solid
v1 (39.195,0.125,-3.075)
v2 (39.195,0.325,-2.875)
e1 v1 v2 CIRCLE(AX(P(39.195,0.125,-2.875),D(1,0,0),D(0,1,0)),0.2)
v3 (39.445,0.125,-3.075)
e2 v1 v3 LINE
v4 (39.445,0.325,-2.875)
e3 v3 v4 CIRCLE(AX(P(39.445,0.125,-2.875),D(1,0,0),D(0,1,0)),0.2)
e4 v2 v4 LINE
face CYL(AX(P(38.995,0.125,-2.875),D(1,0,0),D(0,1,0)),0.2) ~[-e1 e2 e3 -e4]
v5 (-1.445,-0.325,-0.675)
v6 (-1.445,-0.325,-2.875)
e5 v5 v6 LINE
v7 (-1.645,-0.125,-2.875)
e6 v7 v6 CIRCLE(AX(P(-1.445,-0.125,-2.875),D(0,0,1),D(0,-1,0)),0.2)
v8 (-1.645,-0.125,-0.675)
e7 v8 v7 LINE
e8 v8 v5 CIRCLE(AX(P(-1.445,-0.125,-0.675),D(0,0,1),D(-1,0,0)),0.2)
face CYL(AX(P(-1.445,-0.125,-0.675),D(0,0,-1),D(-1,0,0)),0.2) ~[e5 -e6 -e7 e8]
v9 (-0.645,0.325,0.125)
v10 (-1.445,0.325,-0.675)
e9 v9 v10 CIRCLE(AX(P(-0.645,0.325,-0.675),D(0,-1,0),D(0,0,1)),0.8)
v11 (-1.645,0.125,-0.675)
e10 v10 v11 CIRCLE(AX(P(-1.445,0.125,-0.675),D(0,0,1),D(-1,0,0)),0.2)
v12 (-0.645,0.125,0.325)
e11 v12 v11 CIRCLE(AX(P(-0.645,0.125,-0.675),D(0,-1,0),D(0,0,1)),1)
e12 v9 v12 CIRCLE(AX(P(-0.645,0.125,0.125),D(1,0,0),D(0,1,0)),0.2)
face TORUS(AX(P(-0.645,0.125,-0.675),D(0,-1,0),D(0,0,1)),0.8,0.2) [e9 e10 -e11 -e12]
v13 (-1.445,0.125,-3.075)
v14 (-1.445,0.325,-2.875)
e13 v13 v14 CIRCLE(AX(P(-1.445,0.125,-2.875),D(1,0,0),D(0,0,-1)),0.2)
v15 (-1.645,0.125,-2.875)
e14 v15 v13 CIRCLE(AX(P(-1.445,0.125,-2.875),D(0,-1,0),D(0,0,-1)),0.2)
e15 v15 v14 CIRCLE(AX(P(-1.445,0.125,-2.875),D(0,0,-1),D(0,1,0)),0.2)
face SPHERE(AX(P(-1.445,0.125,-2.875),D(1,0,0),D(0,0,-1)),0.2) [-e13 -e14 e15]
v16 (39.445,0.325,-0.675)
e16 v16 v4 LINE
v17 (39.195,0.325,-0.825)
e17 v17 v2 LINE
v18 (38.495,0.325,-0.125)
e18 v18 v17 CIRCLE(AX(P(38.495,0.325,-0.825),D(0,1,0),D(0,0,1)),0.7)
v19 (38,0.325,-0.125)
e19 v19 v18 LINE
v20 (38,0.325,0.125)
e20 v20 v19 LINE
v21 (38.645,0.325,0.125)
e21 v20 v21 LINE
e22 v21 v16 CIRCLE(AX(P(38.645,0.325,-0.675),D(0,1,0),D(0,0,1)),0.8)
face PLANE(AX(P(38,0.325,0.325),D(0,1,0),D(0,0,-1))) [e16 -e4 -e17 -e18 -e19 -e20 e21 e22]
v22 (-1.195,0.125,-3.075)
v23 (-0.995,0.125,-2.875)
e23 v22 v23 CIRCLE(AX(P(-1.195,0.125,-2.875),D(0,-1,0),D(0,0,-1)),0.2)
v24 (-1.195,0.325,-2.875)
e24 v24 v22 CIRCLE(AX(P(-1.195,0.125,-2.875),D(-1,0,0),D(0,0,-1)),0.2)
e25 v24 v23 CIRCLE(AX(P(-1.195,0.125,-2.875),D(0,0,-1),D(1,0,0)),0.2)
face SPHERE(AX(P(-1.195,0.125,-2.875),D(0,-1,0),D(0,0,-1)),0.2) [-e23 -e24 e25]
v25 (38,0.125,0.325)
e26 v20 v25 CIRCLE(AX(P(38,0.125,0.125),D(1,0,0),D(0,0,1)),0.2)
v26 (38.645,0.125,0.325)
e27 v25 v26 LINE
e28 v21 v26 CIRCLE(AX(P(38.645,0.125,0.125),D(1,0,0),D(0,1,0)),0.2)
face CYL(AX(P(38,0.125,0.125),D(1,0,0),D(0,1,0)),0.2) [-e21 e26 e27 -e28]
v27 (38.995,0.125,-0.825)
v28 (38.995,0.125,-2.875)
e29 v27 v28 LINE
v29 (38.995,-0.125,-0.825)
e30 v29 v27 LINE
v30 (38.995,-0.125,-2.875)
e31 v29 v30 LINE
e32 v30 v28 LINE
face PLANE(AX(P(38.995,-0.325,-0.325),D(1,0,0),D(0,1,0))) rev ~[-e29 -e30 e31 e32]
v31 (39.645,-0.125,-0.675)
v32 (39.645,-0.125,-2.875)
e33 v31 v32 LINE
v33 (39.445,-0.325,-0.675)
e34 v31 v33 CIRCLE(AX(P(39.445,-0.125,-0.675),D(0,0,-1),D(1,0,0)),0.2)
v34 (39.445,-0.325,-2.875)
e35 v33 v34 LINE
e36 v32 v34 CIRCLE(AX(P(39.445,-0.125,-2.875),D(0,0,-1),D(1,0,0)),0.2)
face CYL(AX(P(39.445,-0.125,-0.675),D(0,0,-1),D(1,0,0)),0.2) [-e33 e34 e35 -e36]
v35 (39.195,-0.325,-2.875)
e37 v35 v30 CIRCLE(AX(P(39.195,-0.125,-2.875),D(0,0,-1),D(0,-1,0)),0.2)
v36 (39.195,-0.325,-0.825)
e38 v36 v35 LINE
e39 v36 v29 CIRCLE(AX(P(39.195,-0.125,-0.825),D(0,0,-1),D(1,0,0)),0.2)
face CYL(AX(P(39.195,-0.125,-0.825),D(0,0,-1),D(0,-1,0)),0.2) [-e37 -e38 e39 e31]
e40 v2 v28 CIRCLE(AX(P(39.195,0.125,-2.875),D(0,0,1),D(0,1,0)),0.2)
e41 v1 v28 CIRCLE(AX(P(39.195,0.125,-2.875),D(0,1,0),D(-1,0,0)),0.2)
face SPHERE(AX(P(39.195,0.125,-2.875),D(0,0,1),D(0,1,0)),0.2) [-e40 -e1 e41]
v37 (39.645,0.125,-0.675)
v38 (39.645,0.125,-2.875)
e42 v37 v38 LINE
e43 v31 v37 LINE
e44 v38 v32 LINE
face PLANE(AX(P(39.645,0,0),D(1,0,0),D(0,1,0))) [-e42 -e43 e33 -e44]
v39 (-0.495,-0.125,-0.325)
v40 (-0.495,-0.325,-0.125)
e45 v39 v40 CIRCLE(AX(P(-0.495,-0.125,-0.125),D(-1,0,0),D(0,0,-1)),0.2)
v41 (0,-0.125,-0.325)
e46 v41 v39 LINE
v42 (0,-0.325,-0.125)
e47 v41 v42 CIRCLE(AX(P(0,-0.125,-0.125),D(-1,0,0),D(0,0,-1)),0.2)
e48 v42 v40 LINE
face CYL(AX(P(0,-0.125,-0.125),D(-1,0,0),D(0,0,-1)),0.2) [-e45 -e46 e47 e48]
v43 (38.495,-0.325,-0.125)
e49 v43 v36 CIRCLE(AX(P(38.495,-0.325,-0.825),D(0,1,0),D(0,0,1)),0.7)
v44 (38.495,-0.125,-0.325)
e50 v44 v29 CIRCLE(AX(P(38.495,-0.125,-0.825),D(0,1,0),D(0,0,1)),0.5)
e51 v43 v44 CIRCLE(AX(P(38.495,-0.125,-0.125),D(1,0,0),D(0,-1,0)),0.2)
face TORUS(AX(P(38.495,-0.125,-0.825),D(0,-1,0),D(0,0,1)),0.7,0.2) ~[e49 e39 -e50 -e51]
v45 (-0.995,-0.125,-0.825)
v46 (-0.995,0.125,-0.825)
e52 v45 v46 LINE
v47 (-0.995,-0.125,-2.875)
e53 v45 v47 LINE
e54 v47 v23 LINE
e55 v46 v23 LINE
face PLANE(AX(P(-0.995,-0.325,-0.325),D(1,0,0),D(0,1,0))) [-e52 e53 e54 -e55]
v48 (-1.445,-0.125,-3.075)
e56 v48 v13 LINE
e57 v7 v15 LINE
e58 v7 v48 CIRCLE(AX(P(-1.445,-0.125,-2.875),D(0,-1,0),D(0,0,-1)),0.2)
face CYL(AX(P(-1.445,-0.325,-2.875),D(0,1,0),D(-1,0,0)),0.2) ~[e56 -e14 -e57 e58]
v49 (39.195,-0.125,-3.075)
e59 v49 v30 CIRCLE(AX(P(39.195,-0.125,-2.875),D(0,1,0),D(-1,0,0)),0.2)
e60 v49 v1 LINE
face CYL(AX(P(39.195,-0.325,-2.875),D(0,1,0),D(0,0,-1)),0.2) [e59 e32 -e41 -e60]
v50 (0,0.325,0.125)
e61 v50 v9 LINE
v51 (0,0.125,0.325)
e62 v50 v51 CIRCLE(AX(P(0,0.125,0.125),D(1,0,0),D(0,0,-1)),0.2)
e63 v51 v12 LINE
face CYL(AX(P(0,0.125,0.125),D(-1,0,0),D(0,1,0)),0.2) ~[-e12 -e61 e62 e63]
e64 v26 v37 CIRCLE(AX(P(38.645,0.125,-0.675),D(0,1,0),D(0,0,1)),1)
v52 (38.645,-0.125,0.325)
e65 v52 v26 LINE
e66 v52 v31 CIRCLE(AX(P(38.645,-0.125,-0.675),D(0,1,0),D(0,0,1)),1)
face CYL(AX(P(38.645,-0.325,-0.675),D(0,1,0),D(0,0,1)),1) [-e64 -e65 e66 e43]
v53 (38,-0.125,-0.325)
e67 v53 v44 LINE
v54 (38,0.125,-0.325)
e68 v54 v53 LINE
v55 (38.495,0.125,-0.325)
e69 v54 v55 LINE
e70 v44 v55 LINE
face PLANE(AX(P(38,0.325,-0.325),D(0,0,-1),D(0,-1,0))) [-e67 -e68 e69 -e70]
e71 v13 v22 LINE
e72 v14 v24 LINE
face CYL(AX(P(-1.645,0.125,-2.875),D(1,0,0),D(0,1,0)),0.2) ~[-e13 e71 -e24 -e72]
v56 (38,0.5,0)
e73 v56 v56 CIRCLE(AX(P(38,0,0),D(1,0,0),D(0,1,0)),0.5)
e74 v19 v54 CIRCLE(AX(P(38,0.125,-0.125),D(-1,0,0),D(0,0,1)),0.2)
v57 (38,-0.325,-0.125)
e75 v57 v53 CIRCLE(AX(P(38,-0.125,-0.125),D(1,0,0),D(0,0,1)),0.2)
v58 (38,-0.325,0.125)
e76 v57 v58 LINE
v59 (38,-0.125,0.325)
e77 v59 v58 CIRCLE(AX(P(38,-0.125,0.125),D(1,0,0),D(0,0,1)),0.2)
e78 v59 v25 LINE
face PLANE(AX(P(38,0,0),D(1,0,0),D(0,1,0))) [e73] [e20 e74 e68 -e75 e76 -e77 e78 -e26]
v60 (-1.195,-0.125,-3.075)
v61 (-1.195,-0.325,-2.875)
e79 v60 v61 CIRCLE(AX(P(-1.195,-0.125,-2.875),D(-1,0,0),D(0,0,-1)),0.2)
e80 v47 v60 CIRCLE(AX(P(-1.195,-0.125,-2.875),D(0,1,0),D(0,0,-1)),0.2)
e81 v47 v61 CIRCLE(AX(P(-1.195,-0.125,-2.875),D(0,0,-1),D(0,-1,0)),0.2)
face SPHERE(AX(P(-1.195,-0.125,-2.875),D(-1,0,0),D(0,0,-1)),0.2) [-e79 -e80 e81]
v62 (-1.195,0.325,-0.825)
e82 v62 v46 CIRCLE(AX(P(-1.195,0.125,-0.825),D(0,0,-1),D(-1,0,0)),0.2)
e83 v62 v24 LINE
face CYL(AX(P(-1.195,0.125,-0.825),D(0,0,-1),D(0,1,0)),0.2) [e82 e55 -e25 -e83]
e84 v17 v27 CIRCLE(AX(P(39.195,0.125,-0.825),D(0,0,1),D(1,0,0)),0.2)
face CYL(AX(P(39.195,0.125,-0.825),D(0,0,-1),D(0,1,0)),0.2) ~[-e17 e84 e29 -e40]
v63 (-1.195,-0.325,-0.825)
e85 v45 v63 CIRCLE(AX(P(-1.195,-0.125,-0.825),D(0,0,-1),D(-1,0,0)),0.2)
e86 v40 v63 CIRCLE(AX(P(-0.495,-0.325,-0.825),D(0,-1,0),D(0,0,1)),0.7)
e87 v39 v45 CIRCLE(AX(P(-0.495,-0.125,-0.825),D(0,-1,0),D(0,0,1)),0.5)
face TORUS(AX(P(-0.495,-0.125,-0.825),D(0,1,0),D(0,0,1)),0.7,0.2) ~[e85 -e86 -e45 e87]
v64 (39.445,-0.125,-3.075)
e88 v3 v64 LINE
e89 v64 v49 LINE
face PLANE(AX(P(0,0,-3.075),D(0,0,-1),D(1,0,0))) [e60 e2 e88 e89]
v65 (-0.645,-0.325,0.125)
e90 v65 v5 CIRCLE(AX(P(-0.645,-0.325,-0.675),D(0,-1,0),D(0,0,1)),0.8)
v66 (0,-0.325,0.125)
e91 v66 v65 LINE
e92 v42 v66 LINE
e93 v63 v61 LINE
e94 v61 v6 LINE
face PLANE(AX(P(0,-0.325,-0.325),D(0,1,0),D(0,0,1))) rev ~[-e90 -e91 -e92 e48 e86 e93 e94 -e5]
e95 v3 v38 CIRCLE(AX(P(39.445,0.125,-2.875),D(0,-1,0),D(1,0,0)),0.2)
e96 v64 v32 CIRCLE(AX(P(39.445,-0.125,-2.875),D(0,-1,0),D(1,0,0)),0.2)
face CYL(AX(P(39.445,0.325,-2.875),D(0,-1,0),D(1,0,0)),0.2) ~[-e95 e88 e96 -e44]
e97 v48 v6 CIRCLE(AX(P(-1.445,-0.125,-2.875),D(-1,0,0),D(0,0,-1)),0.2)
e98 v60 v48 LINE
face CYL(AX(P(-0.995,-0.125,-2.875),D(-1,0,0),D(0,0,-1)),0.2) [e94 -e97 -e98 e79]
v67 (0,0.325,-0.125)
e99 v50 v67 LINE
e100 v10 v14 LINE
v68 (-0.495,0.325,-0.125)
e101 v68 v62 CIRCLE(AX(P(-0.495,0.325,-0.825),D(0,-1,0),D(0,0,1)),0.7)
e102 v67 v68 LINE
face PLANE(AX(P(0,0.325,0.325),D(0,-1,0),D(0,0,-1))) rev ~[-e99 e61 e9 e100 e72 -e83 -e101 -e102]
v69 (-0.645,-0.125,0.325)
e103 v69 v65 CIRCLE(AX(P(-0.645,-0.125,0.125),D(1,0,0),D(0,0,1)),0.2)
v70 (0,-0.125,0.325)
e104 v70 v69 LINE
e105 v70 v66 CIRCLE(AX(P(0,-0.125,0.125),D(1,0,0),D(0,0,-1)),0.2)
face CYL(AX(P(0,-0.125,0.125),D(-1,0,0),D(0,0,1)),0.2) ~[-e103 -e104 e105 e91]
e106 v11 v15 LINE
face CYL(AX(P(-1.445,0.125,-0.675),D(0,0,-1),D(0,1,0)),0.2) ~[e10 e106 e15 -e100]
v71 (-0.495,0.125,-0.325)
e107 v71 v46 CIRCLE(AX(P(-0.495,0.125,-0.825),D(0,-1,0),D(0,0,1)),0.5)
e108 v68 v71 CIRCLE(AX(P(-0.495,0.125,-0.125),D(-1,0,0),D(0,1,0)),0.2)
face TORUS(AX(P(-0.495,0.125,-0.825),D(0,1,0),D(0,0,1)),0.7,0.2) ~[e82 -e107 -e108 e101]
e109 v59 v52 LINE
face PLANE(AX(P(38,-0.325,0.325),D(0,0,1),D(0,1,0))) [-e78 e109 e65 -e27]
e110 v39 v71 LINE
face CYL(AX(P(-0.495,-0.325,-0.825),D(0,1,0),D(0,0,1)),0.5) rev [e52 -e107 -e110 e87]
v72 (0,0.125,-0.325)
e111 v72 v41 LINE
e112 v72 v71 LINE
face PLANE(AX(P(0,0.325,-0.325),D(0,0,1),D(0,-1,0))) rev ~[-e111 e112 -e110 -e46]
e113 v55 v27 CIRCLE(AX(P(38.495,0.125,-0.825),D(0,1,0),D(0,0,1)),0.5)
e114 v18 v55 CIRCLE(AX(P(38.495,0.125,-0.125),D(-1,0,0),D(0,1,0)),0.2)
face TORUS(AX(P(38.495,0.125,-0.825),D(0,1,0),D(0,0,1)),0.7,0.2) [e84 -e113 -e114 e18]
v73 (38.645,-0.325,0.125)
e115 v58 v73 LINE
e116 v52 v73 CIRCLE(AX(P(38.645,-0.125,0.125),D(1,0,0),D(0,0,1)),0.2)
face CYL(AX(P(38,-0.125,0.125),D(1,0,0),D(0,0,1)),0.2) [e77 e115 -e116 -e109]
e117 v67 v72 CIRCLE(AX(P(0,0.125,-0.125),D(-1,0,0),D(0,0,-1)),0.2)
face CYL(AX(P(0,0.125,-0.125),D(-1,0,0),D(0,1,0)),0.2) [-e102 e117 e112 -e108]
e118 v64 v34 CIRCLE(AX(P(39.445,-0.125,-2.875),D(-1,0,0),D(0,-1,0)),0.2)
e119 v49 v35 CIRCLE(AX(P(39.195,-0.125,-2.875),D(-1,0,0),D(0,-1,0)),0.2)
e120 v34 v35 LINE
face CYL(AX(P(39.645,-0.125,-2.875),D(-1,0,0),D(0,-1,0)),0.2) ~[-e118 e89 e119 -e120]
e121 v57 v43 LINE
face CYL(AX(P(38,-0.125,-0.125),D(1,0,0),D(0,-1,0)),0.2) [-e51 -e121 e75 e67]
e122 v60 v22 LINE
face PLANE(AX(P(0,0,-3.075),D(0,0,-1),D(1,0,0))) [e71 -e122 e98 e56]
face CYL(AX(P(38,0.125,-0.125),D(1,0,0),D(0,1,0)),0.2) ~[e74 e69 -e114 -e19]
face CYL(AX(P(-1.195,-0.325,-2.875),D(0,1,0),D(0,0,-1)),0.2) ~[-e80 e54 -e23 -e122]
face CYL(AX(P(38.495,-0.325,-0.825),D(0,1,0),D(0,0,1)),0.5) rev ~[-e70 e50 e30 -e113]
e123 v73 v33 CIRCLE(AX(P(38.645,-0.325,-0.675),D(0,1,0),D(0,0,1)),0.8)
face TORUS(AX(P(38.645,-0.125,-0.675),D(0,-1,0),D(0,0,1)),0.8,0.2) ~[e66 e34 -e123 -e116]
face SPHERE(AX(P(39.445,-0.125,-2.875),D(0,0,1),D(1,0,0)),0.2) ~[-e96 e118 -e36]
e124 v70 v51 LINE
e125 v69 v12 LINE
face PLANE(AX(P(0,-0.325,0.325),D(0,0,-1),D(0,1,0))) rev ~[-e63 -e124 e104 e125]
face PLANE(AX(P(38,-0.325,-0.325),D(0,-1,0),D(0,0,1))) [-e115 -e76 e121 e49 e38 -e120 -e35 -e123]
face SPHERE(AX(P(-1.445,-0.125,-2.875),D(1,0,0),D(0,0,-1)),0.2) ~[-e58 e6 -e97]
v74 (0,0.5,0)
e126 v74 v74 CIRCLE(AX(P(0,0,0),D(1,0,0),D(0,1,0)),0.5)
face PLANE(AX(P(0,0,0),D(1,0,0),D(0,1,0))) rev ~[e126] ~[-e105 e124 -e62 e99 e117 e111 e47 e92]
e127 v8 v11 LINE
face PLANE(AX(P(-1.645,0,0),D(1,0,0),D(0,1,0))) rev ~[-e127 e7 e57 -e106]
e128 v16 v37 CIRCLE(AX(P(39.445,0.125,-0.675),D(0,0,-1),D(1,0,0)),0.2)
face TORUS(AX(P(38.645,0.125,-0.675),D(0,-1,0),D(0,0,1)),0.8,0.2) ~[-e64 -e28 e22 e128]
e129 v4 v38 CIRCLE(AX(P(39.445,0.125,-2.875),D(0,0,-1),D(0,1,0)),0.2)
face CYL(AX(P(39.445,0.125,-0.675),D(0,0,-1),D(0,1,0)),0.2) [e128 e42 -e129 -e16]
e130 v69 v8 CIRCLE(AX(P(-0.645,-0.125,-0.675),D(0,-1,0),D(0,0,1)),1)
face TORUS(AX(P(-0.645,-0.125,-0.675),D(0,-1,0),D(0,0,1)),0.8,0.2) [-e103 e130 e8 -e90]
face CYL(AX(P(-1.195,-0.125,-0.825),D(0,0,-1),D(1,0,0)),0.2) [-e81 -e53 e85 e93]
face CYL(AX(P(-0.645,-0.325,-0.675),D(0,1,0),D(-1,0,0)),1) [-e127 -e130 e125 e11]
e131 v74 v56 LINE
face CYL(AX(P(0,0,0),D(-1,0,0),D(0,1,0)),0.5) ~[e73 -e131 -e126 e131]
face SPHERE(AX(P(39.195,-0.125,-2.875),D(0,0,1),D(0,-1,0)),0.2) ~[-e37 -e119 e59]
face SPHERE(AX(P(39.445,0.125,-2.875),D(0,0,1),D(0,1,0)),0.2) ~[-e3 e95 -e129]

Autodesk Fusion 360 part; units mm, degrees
sketch "Sketch1" plane through (0, 0, 0) normal (1, 0, 0) x (0, 1, 0)
  circle A0 centre (0, 0) radius 0.5
  line L0 (0.325, -0.325) -> (-0.325, -0.325)
  line L1 (-0.325, -0.325) -> (-0.325, 0.325)
  line L2 (-0.325, 0.325) -> (0.325, 0.325)
  line L3 (0.325, 0.325) -> (0.325, -0.325)
  line L4 (0.325, -0.325) -> (-0.325, 0.325) construction
  line L5 (-0.325, -0.325) -> (0.325, 0.325) construction
  dimension "d1" = 1
  dimension "d2" = 0.65
  dimension "d3" = 0.65
extrude "Extrude1" add sketch "Sketch1" along normal blind 38 contours A0 | L0 L1 L2 L3
sketch "Sketch2" plane through (38, 0, 0) normal (1, 0, 0) x (0, 1, 0)
  circle A0 centre (0, 0) radius 0.5
  line L0 (0.325, -0.325) -> (-0.325, -0.325)
  line L1 (-0.325, -0.325) -> (-0.325, 0.325)
  line L2 (-0.325, 0.325) -> (0.325, 0.325)
  line L3 (0.325, 0.325) -> (0.325, -0.325)
  line L4 (0.325, -0.325) -> (-0.325, 0.325) construction
  line L5 (-0.325, -0.325) -> (0.325, 0.325) construction
  dimension "d8" = 0.65
  dimension "d9" = 0.65
extrude "Extrude2" add sketch "Sketch2" along normal blind 1.645 contours L0 L1 L2 L3
extrude "Extrude3" add sketch "Sketch1" against normal blind 1.645 contours L0 L1 L2 L3
sketch "Sketch3" plane through (0, 0, -0.325) normal (0, 0, -1) x (1, 0, 0)
  line L0 (38, 0.325) -> (38, -0.325)
  line L1 (38, -0.325) -> (39.645, -0.325)
  line L2 (39.645, -0.325) -> (39.645, 0.325)
  line L3 (39.645, 0.325) -> (38, 0.325)
  line L4 (39.645, 0.325) -> (38.995, 0.325)
  line L5 (38.995, 0.325) -> (38.995, -0.325)
  line L6 (38.995, -0.325) -> (39.645, -0.325)
  line L7 (39.645, -0.325) -> (39.645, 0.325)
  line L8 (39.645, 0.325) -> (38.995, -0.325) construction
  line L9 (38.995, 0.325) -> (39.645, -0.325) construction
  point P0 (39.32, 0)
  dimension "d14" = 0.65
  dimension "d15" = 0.65
sketch "Sketch4" plane through (0, 0, -0.325) normal (0, 0, -1) x (1, 0, 0)
  line L0 (0, -0.325) -> (0, 0.325)
  line L1 (0, 0.325) -> (-1.645, 0.325)
  line L2 (-1.645, 0.325) -> (-1.645, -0.325)
  line L3 (-1.645, -0.325) -> (0, -0.325)
  line L4 (-0.995, -0.325) -> (-1.645, -0.325)
  line L5 (-1.645, -0.325) -> (-1.645, 0.325)
  line L6 (-1.645, 0.325) -> (-0.995, 0.325)
  line L7 (-0.995, 0.325) -> (-0.995, -0.325)
  line L8 (-0.995, -0.325) -> (-1.645, 0.325) construction
  line L9 (-1.645, -0.325) -> (-0.995, 0.325) construction
  point P0 (-1.32, 0)
  dimension "d17" = 0.65
  dimension "d18" = 0.65
extrude "Extrude4" add sketch "Sketch4" sketch "Sketch3" along normal blind 2.75 contours L1 L2 L3 L4 L5 L6 L7 of sketch 2 contours L1 L2 L3 L4 L5 L6 L7
fillet "Fillet1" radius 0.5 2 edges at (-0.995, 0, -0.325) (38.995, 0, -0.325)
fillet "Fillet2" radius 1 2 edges at (-1.645, 0, 0.325) (39.645, 0, 0.325)
fillet "Fillet3" radius 0.2 32 edges at (-1.32, -0.325, -3.075) (-0.995, 0, -3.075) (-1.32, 0.325, -3.075) (-1.645, 0, -3.075) (-0.8486, -0.325, -0.4714) (-0.995, -0.325, -1.95) (-0.2475, -0.325, -0.325) (-0.3225, -0.325, 0.325) (-1.3521, -0.325, 0.0321) (-1.645, -0.325, -1.875) (-0.3225, 0.325, 0.325) (-1.3521, 0.325, 0.0321) (-1.645, 0.325, -1.875) (-0.8486, 0.325, -0.4714) (-0.2475, 0.325, -0.325) (-0.995, 0.325, -1.95) (38.3225, -0.325, 0.325) (39.3521, -0.325, 0.0321) (39.645, -0.325, -1.875) (38.995, -0.325, -1.95) (38.8486, -0.325, -0.4714) (38.2475, -0.325, -0.325) (39.645, 0.325, -1.875) (39.3521, 0.325, 0.0321) (38.3225, 0.325, 0.325) (38.8486, 0.325, -0.4714) (38.995, 0.325, -1.95) (38.2475, 0.325, -0.325) (39.32, 0.325, -3.075) (39.645, 0, -3.075) (39.32, -0.325, -3.075) (38.995, 0, -3.075)
equation "d1 = width"
equation "d2 = d3"
equation "d3 = d1 * 0.65"
equation "width = 1 mm"
equation "baseLenght = 38 mm"
equation "d6 = baseLenght"
equation "d8 = width * 0.65"
equation "d9 = d8"
equation "d10 = ( ( 2.54 * ceil(( baseLenght + 1.3 * width ) / 2.54 mm) ) * 1 mm + 0.65 * width - baseLenght ) / 2"
equation "d12 = -( ( 2.54 * ceil(( baseLenght + 1.3 * width ) / 2.54 mm) ) * 1 mm + 0.65 * width - baseLenght ) / 2"
equation "d14 = width * 0.65"
equation "d15 = d14"
equation "d17 = width * 0.65"
equation "d18 = d17"
equation "d26 = 0.2 * width"
